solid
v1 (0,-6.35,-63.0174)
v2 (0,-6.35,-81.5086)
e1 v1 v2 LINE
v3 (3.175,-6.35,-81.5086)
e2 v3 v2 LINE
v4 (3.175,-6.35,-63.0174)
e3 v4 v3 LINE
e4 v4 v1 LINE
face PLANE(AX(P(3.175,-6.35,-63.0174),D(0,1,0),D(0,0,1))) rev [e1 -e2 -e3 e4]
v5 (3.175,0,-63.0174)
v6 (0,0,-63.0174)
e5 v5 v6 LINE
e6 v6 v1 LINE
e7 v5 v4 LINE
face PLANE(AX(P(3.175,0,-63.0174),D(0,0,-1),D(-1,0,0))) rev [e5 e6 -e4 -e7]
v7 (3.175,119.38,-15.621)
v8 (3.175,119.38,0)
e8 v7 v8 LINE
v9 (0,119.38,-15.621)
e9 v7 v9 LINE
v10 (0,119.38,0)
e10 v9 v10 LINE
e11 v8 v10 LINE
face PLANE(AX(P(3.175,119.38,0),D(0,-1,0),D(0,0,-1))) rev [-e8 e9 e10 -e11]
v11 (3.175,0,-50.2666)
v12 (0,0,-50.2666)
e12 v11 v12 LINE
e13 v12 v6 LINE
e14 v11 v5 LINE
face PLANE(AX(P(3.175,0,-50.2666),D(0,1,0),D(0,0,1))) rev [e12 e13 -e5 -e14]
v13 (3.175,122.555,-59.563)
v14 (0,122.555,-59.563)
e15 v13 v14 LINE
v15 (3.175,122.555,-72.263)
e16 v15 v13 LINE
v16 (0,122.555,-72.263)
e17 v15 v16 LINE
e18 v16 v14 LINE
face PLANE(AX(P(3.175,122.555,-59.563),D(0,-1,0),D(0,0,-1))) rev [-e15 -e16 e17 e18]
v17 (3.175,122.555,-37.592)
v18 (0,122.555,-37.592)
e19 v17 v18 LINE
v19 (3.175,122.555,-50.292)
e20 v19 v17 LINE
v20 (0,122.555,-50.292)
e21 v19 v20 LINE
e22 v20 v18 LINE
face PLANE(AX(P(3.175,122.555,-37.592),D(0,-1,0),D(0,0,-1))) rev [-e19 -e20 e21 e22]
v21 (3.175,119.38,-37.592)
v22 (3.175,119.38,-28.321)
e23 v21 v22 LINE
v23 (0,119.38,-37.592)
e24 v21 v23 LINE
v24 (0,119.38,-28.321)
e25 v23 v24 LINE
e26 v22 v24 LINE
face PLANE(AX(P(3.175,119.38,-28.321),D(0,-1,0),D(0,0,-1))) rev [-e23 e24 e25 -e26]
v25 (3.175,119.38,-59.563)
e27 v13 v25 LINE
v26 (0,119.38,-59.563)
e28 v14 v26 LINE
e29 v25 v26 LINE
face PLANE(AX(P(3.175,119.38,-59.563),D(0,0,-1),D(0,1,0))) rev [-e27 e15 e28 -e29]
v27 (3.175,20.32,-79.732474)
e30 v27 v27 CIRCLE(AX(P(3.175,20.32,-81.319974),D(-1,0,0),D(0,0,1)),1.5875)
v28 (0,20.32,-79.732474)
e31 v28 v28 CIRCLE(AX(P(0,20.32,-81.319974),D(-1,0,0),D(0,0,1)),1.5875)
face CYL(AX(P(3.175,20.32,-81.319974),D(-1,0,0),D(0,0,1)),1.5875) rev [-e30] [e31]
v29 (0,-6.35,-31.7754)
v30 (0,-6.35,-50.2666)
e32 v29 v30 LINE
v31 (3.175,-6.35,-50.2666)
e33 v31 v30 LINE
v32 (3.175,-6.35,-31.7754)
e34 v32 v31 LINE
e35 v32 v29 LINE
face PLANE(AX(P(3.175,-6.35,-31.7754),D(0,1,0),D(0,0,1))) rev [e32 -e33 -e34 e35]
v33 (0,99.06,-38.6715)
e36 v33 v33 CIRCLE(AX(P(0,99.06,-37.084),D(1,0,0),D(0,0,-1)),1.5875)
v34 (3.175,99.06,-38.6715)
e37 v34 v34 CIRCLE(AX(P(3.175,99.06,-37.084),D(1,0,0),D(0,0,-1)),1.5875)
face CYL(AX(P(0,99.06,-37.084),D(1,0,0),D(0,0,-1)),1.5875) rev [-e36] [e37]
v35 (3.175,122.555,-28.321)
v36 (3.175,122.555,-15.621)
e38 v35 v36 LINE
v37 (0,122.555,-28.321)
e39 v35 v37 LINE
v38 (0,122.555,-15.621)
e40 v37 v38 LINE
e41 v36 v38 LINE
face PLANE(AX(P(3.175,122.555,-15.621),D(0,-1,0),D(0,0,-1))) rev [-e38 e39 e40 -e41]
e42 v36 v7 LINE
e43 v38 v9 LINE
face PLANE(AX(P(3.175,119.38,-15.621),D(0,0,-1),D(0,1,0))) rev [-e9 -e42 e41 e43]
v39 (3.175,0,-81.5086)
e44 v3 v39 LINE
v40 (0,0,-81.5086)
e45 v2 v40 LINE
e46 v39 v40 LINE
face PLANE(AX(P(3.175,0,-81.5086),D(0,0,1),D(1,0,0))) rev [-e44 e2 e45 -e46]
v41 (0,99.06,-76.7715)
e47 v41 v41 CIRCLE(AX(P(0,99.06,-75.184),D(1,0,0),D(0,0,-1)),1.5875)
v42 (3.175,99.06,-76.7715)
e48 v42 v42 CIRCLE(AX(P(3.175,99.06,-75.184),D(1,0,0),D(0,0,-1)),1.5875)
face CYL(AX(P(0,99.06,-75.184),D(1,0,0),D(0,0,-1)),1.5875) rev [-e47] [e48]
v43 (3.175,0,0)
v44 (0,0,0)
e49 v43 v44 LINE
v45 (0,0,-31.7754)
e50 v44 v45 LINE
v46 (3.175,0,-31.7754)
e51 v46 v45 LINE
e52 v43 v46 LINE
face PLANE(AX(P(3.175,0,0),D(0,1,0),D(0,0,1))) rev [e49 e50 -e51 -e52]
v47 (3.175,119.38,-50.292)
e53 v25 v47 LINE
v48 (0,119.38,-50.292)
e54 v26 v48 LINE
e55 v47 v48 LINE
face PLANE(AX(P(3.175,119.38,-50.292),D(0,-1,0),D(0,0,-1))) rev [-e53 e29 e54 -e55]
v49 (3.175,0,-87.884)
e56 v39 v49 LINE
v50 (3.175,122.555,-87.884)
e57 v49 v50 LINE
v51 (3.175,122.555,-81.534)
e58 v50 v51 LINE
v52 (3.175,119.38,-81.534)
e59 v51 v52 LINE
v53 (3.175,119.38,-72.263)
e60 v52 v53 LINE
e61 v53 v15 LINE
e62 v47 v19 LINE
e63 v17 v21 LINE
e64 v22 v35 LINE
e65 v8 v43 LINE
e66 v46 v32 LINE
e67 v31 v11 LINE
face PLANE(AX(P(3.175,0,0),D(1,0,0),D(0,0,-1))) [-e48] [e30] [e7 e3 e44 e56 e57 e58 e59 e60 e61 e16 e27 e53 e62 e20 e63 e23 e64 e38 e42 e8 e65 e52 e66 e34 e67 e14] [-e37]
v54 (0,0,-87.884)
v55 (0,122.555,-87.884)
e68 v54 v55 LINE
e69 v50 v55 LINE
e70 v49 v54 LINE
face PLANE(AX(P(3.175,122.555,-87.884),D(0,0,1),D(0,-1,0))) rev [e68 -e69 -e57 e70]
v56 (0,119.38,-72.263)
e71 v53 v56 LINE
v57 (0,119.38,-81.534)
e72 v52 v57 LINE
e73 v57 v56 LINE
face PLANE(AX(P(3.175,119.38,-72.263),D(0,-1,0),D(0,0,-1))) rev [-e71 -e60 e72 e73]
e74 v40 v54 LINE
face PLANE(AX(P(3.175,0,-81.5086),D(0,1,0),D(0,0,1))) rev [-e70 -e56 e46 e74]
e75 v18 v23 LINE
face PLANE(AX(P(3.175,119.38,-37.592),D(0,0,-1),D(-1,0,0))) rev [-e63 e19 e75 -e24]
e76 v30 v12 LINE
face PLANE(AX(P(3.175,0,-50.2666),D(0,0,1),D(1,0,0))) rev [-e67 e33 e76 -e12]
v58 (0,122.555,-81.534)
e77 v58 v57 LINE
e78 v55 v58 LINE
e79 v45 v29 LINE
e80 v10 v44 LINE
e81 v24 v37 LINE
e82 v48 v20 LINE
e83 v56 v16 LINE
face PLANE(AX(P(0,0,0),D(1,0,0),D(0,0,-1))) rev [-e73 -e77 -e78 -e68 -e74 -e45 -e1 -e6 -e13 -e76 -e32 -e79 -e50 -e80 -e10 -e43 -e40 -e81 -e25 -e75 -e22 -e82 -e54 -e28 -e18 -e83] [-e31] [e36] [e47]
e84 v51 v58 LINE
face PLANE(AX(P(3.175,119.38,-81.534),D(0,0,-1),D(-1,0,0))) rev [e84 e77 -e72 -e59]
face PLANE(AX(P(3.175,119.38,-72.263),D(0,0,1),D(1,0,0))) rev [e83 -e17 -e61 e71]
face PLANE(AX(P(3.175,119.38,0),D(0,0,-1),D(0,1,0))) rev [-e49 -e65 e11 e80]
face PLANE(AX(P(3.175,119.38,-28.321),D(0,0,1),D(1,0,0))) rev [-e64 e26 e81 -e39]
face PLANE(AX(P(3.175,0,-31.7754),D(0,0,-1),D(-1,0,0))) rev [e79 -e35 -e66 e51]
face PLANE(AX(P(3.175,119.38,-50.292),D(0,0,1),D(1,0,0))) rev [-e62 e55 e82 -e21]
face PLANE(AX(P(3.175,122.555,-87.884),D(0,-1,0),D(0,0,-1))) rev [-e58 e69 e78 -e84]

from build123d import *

# Parameters (mm, degrees)
BOSS_EXTRUDE1_DEPTH = 3.175
SKETCH2_R           = 1.5875
CUT_EXTRUDE1_DEPTH  = 4.175
SKETCH3_R           = 1.5875
CUT_EXTRUDE2_DEPTH  = 4.175


with BuildPart() as part:
    # Sketch1 → Boss-Extrude1 (new body)
    with BuildSketch(Plane(origin=(0, 0, 0), x_dir=(0, 0, -1), z_dir=(1, 0, 0))):
        Polygon((0, 119.38), (15.621, 119.38), (15.621, 122.555), (28.321, 122.555), (28.321, 119.38), (37.592, 119.38), (37.592, 122.555), (50.292, 122.555), (50.292, 119.38), (59.563, 119.38), (59.563, 122.555), (72.263, 122.555), (72.263, 119.38), (81.534, 119.38), (81.534, 122.555), (87.884, 122.555), (87.884, 0), (81.5086, 0), (81.5086, -6.35), (63.0174, -6.35), (63.0174, 0), (50.2666, 0), (50.2666, -6.35), (31.7754, -6.35), (31.7754, 0), (0, 0), align=None)
    extrude(amount=BOSS_EXTRUDE1_DEPTH)

    # Sketch2 → Cut-Extrude1 (cut, through all)
    with BuildSketch(Plane(origin=(3.175, 0, 0), x_dir=(0, 0, -1), z_dir=(1, 0, 0))):
        with Locations((37.084, 99.06)):
            Circle(SKETCH2_R)
        with Locations((75.184, 99.06)):
            Circle(SKETCH2_R)
    extrude(amount=-CUT_EXTRUDE1_DEPTH, mode=Mode.SUBTRACT)

    # Sketch3 → Cut-Extrude2 (cut, through all)
    with BuildSketch(Plane.ZY):
        with Locations((-81.319973634, 20.32)):
            Circle(SKETCH3_R)
    extrude(amount=-CUT_EXTRUDE2_DEPTH, mode=Mode.SUBTRACT)


solid = part.part
